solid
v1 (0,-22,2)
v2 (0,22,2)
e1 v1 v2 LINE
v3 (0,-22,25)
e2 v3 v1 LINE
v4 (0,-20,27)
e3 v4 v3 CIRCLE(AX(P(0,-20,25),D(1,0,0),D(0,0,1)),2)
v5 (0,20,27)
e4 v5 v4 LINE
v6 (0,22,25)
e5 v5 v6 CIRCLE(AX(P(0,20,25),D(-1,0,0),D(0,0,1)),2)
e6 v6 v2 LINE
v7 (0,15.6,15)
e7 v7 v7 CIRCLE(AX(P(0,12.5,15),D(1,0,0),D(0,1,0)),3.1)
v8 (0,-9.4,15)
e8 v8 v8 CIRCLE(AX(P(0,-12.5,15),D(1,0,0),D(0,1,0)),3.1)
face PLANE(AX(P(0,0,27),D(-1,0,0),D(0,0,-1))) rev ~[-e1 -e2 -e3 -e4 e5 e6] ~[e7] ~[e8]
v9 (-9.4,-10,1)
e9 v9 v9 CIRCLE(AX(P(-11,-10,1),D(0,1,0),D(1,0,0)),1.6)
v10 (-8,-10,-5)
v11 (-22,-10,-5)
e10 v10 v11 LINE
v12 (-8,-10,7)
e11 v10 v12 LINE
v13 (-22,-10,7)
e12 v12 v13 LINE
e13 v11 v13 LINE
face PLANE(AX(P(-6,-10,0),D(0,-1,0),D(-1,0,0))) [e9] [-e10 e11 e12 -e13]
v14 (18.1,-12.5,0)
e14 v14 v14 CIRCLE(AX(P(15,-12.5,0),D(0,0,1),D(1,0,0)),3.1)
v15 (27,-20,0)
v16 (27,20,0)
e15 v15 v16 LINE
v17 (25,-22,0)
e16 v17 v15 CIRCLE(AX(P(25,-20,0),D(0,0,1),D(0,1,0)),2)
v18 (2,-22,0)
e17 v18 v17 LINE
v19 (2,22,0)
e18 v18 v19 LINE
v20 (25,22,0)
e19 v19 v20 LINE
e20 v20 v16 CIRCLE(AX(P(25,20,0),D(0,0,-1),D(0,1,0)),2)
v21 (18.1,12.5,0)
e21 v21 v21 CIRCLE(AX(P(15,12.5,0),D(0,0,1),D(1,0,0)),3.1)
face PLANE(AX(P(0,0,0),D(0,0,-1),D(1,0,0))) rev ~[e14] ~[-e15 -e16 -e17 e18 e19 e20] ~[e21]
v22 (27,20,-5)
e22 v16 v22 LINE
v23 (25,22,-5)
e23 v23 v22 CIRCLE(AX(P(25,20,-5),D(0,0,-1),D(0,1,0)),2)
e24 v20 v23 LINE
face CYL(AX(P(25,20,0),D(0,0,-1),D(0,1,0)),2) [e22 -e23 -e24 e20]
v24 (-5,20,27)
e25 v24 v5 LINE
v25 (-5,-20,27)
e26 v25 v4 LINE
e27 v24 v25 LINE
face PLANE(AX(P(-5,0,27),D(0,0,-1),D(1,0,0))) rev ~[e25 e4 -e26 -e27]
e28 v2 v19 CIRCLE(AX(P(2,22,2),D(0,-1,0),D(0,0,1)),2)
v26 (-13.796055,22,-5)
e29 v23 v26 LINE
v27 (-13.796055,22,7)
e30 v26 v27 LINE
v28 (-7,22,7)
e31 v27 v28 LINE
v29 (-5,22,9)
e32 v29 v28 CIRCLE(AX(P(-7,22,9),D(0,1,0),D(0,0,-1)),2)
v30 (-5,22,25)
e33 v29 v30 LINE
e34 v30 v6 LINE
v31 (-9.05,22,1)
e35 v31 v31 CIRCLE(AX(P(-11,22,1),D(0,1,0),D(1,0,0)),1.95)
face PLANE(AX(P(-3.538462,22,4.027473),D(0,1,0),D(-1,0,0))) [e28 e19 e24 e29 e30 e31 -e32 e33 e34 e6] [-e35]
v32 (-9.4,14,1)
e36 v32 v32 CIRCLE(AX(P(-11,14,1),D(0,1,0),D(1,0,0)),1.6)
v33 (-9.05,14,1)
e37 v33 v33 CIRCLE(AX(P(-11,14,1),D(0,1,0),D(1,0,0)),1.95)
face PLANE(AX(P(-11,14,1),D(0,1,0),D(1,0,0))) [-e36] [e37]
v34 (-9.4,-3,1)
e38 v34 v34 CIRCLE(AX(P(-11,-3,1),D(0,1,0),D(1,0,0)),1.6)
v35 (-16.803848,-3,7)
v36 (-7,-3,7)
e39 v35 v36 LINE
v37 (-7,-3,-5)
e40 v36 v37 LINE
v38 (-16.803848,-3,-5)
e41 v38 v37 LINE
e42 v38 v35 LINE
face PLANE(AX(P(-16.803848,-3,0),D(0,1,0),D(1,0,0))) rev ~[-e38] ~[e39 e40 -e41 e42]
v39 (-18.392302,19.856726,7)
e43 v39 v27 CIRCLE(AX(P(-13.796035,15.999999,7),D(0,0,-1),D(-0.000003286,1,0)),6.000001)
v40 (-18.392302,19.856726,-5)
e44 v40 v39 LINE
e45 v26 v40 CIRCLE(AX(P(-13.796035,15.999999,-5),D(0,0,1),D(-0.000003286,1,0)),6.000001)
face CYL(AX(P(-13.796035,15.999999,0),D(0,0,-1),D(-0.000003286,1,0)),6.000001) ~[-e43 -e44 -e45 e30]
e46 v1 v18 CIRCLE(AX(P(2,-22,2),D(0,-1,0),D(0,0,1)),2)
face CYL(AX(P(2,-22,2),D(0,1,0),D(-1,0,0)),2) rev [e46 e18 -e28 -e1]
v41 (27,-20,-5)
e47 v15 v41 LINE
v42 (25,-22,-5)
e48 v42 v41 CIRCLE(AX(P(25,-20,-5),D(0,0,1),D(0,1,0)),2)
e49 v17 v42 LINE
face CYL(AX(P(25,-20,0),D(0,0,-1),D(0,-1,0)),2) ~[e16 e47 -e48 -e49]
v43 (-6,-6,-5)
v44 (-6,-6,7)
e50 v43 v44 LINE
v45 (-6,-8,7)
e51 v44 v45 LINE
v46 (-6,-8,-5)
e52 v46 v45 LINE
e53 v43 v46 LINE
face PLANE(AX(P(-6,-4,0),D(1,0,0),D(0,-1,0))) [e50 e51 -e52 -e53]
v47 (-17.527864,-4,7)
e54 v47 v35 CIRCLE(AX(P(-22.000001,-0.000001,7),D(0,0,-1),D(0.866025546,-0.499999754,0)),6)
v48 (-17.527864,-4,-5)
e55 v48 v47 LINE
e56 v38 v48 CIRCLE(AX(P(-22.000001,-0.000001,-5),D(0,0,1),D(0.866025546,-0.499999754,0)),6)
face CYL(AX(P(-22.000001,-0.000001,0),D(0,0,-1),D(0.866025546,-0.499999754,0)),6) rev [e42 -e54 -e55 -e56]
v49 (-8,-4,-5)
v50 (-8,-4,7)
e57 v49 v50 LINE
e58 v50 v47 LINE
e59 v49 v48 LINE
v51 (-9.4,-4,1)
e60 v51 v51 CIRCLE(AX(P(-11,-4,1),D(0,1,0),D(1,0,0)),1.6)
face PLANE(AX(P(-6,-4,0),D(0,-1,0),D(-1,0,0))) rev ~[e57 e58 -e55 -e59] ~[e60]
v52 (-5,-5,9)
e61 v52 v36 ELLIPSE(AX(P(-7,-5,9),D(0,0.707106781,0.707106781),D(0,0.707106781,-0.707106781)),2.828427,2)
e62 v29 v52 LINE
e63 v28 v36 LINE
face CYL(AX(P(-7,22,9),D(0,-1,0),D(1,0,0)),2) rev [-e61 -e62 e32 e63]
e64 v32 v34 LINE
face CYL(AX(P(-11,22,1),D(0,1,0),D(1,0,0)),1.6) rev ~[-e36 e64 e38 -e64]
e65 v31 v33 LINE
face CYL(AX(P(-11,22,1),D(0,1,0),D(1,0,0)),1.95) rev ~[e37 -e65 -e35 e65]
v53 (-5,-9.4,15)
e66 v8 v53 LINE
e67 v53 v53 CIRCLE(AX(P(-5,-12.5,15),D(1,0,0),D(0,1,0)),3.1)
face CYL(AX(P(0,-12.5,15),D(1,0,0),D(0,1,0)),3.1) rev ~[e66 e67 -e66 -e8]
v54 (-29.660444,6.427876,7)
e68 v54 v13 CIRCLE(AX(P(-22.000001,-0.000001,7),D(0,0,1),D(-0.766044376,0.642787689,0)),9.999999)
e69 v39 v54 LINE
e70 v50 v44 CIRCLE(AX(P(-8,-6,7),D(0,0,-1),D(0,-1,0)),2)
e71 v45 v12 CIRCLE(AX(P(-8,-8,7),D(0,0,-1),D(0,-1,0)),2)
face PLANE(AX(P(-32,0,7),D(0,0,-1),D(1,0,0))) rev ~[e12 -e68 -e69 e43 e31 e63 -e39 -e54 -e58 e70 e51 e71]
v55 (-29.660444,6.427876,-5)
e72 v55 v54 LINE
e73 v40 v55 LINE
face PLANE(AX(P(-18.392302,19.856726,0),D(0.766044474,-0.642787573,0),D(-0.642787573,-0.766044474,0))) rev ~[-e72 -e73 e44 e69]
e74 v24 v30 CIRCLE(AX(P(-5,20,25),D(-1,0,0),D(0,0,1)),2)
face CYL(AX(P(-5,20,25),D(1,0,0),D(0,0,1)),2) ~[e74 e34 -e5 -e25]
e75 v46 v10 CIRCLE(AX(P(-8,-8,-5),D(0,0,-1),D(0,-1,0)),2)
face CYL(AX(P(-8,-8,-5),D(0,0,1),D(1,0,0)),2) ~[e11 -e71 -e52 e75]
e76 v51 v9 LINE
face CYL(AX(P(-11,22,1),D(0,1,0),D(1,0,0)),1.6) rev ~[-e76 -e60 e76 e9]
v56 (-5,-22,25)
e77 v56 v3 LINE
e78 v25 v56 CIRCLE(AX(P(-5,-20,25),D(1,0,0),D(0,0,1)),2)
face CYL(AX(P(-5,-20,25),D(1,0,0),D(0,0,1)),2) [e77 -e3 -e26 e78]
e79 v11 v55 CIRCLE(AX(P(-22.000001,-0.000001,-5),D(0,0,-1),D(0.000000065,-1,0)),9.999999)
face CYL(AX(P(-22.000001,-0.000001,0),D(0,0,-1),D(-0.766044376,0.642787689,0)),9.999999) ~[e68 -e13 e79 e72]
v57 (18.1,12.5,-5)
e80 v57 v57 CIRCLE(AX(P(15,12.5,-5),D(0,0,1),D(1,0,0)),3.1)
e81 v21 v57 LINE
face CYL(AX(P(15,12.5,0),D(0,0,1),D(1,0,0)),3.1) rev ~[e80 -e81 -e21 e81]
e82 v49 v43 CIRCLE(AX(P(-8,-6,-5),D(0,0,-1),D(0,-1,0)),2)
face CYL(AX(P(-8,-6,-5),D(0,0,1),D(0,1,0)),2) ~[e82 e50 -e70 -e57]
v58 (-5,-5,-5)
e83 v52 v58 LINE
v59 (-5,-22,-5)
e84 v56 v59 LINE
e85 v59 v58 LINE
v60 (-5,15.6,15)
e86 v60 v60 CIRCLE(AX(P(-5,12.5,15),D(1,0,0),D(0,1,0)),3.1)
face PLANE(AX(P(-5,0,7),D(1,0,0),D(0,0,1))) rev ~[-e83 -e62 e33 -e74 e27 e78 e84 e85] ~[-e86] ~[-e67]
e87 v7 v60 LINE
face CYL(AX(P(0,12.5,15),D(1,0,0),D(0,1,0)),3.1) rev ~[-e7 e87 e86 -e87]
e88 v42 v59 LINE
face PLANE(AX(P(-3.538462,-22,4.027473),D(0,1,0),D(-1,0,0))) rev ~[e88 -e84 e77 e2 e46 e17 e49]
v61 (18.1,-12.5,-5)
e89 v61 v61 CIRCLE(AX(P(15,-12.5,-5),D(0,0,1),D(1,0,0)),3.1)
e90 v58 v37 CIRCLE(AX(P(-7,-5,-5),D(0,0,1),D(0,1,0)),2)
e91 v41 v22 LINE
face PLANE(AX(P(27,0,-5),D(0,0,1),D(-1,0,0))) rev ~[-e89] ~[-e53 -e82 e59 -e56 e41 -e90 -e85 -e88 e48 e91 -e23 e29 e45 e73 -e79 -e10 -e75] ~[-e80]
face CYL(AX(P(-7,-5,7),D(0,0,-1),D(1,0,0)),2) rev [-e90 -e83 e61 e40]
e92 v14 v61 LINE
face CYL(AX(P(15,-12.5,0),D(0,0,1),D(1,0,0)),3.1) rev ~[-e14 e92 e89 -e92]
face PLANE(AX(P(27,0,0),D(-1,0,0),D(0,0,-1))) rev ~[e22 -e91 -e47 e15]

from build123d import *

# Parameters (mm, degrees)
PAD_DEPTH         = 22
SKETCH001_R       = 3.1
POCKET_DEPTH      = 5.001
POCKET_DEPTH_BACK = -27.001
SKETCH002_R       = 3.1
POCKET001_DEPTH   = 5
SKETCH003_R       = 1.6
POCKET002_DEPTH   = 44.001
FILLET_R          = 2
SKETCH004_R       = 1.95
POCKET003_DEPTH   = 8


with BuildPart() as part:
    # Sketch → Pad (new body, symmetric)
    with BuildSketch(Plane.XZ):
        Polygon((0, 27), (0, 0), (27, 0), (27, -5), (-32, -5), (-32, 7), (-5, 7), (-5, 27), align=None)
    extrude(amount=PAD_DEPTH, both=True)

    # Sketch001 → Pocket (cut, two sides)
    with BuildSketch(Plane.XY) as pocket_sk:
        with Locations((15, 12.5)):
            Circle(SKETCH001_R)
        with Locations((15, -12.5)):
            Circle(SKETCH001_R)
        with BuildLine():
            ThreePointArc((-16.803848, -3), (-26.859933, 3.518672), (-17.527864, -4))
            Line((-6, -4), (-17.527864, -4))
            Line((-6, -4), (-6, -10))
            Line((-6, -10), (-22, -10))
            ThreePointArc((-29.660444, 6.427876), (-31.063078, -4.226183), (-22, -10))
            Line((-18.392302, 19.856726), (-29.660444, 6.427876))
            ThreePointArc((-13.796055, 22), (-16.331753, 21.437843), (-18.392302, 19.856726))
            Line((-13.796055, 22), (-13.796055, 28.799225))
            Line((-13.796055, 28.799225), (-40.339119, 28.799225))
            Line((-40.339119, 28.799225), (-40.339119, -28.958258))
            Line((-40.339119, -28.958258), (-5, -28.958258))
            Line((-5, -28.958258), (-5, -3))
            Line((-16.803848, -3), (-5, -3))
        make_face()
    extrude(amount=-POCKET_DEPTH, mode=Mode.SUBTRACT)
    extrude(pocket_sk.sketch, amount=-POCKET_DEPTH_BACK, mode=Mode.SUBTRACT)

    # Sketch002 → Pocket001 (cut)
    with BuildSketch(Plane.YZ):
        with Locations((-12.5, 15)):
            Circle(SKETCH002_R)
        with Locations((12.5, 15)):
            Circle(SKETCH002_R)
    extrude(amount=-POCKET001_DEPTH, mode=Mode.SUBTRACT)

    # Sketch003 (on Face5 of Pocket001) → Pocket002 (cut, through all)
    with BuildSketch(Plane(origin=(0, 22, 0), x_dir=(1, 0, 0), z_dir=(0, 1, 0))):
        with Locations((-11, -1)):
            Circle(SKETCH003_R)
    extrude(amount=-POCKET002_DEPTH, mode=Mode.SUBTRACT)

    # Fillet
    fillet_edges = [part.edges().sort_by_distance(p)[0] for p in [
        (-6, -4, 1),
        (-6, -10, 1),
        (-5, -3, 1),
        (-5, 9.5, 7),
        (27, -22, -2.5),
        (27, 22, -2.5),
        (0, 0, 0),
        (-2.5, -22, 27),
        (-2.5, 22, 27),
    ]]
    fillet(fillet_edges, radius=FILLET_R)

    # Sketch004 (on Face2 of Fillet) → Pocket003 (cut)
    with BuildSketch(Plane(origin=(0, 22, 0), x_dir=(1, 0, 0), z_dir=(0, 1, 0))):
        with Locations((-11, -1)):
            Circle(SKETCH004_R)
    extrude(amount=-POCKET003_DEPTH, mode=Mode.SUBTRACT)


solid = part.part
